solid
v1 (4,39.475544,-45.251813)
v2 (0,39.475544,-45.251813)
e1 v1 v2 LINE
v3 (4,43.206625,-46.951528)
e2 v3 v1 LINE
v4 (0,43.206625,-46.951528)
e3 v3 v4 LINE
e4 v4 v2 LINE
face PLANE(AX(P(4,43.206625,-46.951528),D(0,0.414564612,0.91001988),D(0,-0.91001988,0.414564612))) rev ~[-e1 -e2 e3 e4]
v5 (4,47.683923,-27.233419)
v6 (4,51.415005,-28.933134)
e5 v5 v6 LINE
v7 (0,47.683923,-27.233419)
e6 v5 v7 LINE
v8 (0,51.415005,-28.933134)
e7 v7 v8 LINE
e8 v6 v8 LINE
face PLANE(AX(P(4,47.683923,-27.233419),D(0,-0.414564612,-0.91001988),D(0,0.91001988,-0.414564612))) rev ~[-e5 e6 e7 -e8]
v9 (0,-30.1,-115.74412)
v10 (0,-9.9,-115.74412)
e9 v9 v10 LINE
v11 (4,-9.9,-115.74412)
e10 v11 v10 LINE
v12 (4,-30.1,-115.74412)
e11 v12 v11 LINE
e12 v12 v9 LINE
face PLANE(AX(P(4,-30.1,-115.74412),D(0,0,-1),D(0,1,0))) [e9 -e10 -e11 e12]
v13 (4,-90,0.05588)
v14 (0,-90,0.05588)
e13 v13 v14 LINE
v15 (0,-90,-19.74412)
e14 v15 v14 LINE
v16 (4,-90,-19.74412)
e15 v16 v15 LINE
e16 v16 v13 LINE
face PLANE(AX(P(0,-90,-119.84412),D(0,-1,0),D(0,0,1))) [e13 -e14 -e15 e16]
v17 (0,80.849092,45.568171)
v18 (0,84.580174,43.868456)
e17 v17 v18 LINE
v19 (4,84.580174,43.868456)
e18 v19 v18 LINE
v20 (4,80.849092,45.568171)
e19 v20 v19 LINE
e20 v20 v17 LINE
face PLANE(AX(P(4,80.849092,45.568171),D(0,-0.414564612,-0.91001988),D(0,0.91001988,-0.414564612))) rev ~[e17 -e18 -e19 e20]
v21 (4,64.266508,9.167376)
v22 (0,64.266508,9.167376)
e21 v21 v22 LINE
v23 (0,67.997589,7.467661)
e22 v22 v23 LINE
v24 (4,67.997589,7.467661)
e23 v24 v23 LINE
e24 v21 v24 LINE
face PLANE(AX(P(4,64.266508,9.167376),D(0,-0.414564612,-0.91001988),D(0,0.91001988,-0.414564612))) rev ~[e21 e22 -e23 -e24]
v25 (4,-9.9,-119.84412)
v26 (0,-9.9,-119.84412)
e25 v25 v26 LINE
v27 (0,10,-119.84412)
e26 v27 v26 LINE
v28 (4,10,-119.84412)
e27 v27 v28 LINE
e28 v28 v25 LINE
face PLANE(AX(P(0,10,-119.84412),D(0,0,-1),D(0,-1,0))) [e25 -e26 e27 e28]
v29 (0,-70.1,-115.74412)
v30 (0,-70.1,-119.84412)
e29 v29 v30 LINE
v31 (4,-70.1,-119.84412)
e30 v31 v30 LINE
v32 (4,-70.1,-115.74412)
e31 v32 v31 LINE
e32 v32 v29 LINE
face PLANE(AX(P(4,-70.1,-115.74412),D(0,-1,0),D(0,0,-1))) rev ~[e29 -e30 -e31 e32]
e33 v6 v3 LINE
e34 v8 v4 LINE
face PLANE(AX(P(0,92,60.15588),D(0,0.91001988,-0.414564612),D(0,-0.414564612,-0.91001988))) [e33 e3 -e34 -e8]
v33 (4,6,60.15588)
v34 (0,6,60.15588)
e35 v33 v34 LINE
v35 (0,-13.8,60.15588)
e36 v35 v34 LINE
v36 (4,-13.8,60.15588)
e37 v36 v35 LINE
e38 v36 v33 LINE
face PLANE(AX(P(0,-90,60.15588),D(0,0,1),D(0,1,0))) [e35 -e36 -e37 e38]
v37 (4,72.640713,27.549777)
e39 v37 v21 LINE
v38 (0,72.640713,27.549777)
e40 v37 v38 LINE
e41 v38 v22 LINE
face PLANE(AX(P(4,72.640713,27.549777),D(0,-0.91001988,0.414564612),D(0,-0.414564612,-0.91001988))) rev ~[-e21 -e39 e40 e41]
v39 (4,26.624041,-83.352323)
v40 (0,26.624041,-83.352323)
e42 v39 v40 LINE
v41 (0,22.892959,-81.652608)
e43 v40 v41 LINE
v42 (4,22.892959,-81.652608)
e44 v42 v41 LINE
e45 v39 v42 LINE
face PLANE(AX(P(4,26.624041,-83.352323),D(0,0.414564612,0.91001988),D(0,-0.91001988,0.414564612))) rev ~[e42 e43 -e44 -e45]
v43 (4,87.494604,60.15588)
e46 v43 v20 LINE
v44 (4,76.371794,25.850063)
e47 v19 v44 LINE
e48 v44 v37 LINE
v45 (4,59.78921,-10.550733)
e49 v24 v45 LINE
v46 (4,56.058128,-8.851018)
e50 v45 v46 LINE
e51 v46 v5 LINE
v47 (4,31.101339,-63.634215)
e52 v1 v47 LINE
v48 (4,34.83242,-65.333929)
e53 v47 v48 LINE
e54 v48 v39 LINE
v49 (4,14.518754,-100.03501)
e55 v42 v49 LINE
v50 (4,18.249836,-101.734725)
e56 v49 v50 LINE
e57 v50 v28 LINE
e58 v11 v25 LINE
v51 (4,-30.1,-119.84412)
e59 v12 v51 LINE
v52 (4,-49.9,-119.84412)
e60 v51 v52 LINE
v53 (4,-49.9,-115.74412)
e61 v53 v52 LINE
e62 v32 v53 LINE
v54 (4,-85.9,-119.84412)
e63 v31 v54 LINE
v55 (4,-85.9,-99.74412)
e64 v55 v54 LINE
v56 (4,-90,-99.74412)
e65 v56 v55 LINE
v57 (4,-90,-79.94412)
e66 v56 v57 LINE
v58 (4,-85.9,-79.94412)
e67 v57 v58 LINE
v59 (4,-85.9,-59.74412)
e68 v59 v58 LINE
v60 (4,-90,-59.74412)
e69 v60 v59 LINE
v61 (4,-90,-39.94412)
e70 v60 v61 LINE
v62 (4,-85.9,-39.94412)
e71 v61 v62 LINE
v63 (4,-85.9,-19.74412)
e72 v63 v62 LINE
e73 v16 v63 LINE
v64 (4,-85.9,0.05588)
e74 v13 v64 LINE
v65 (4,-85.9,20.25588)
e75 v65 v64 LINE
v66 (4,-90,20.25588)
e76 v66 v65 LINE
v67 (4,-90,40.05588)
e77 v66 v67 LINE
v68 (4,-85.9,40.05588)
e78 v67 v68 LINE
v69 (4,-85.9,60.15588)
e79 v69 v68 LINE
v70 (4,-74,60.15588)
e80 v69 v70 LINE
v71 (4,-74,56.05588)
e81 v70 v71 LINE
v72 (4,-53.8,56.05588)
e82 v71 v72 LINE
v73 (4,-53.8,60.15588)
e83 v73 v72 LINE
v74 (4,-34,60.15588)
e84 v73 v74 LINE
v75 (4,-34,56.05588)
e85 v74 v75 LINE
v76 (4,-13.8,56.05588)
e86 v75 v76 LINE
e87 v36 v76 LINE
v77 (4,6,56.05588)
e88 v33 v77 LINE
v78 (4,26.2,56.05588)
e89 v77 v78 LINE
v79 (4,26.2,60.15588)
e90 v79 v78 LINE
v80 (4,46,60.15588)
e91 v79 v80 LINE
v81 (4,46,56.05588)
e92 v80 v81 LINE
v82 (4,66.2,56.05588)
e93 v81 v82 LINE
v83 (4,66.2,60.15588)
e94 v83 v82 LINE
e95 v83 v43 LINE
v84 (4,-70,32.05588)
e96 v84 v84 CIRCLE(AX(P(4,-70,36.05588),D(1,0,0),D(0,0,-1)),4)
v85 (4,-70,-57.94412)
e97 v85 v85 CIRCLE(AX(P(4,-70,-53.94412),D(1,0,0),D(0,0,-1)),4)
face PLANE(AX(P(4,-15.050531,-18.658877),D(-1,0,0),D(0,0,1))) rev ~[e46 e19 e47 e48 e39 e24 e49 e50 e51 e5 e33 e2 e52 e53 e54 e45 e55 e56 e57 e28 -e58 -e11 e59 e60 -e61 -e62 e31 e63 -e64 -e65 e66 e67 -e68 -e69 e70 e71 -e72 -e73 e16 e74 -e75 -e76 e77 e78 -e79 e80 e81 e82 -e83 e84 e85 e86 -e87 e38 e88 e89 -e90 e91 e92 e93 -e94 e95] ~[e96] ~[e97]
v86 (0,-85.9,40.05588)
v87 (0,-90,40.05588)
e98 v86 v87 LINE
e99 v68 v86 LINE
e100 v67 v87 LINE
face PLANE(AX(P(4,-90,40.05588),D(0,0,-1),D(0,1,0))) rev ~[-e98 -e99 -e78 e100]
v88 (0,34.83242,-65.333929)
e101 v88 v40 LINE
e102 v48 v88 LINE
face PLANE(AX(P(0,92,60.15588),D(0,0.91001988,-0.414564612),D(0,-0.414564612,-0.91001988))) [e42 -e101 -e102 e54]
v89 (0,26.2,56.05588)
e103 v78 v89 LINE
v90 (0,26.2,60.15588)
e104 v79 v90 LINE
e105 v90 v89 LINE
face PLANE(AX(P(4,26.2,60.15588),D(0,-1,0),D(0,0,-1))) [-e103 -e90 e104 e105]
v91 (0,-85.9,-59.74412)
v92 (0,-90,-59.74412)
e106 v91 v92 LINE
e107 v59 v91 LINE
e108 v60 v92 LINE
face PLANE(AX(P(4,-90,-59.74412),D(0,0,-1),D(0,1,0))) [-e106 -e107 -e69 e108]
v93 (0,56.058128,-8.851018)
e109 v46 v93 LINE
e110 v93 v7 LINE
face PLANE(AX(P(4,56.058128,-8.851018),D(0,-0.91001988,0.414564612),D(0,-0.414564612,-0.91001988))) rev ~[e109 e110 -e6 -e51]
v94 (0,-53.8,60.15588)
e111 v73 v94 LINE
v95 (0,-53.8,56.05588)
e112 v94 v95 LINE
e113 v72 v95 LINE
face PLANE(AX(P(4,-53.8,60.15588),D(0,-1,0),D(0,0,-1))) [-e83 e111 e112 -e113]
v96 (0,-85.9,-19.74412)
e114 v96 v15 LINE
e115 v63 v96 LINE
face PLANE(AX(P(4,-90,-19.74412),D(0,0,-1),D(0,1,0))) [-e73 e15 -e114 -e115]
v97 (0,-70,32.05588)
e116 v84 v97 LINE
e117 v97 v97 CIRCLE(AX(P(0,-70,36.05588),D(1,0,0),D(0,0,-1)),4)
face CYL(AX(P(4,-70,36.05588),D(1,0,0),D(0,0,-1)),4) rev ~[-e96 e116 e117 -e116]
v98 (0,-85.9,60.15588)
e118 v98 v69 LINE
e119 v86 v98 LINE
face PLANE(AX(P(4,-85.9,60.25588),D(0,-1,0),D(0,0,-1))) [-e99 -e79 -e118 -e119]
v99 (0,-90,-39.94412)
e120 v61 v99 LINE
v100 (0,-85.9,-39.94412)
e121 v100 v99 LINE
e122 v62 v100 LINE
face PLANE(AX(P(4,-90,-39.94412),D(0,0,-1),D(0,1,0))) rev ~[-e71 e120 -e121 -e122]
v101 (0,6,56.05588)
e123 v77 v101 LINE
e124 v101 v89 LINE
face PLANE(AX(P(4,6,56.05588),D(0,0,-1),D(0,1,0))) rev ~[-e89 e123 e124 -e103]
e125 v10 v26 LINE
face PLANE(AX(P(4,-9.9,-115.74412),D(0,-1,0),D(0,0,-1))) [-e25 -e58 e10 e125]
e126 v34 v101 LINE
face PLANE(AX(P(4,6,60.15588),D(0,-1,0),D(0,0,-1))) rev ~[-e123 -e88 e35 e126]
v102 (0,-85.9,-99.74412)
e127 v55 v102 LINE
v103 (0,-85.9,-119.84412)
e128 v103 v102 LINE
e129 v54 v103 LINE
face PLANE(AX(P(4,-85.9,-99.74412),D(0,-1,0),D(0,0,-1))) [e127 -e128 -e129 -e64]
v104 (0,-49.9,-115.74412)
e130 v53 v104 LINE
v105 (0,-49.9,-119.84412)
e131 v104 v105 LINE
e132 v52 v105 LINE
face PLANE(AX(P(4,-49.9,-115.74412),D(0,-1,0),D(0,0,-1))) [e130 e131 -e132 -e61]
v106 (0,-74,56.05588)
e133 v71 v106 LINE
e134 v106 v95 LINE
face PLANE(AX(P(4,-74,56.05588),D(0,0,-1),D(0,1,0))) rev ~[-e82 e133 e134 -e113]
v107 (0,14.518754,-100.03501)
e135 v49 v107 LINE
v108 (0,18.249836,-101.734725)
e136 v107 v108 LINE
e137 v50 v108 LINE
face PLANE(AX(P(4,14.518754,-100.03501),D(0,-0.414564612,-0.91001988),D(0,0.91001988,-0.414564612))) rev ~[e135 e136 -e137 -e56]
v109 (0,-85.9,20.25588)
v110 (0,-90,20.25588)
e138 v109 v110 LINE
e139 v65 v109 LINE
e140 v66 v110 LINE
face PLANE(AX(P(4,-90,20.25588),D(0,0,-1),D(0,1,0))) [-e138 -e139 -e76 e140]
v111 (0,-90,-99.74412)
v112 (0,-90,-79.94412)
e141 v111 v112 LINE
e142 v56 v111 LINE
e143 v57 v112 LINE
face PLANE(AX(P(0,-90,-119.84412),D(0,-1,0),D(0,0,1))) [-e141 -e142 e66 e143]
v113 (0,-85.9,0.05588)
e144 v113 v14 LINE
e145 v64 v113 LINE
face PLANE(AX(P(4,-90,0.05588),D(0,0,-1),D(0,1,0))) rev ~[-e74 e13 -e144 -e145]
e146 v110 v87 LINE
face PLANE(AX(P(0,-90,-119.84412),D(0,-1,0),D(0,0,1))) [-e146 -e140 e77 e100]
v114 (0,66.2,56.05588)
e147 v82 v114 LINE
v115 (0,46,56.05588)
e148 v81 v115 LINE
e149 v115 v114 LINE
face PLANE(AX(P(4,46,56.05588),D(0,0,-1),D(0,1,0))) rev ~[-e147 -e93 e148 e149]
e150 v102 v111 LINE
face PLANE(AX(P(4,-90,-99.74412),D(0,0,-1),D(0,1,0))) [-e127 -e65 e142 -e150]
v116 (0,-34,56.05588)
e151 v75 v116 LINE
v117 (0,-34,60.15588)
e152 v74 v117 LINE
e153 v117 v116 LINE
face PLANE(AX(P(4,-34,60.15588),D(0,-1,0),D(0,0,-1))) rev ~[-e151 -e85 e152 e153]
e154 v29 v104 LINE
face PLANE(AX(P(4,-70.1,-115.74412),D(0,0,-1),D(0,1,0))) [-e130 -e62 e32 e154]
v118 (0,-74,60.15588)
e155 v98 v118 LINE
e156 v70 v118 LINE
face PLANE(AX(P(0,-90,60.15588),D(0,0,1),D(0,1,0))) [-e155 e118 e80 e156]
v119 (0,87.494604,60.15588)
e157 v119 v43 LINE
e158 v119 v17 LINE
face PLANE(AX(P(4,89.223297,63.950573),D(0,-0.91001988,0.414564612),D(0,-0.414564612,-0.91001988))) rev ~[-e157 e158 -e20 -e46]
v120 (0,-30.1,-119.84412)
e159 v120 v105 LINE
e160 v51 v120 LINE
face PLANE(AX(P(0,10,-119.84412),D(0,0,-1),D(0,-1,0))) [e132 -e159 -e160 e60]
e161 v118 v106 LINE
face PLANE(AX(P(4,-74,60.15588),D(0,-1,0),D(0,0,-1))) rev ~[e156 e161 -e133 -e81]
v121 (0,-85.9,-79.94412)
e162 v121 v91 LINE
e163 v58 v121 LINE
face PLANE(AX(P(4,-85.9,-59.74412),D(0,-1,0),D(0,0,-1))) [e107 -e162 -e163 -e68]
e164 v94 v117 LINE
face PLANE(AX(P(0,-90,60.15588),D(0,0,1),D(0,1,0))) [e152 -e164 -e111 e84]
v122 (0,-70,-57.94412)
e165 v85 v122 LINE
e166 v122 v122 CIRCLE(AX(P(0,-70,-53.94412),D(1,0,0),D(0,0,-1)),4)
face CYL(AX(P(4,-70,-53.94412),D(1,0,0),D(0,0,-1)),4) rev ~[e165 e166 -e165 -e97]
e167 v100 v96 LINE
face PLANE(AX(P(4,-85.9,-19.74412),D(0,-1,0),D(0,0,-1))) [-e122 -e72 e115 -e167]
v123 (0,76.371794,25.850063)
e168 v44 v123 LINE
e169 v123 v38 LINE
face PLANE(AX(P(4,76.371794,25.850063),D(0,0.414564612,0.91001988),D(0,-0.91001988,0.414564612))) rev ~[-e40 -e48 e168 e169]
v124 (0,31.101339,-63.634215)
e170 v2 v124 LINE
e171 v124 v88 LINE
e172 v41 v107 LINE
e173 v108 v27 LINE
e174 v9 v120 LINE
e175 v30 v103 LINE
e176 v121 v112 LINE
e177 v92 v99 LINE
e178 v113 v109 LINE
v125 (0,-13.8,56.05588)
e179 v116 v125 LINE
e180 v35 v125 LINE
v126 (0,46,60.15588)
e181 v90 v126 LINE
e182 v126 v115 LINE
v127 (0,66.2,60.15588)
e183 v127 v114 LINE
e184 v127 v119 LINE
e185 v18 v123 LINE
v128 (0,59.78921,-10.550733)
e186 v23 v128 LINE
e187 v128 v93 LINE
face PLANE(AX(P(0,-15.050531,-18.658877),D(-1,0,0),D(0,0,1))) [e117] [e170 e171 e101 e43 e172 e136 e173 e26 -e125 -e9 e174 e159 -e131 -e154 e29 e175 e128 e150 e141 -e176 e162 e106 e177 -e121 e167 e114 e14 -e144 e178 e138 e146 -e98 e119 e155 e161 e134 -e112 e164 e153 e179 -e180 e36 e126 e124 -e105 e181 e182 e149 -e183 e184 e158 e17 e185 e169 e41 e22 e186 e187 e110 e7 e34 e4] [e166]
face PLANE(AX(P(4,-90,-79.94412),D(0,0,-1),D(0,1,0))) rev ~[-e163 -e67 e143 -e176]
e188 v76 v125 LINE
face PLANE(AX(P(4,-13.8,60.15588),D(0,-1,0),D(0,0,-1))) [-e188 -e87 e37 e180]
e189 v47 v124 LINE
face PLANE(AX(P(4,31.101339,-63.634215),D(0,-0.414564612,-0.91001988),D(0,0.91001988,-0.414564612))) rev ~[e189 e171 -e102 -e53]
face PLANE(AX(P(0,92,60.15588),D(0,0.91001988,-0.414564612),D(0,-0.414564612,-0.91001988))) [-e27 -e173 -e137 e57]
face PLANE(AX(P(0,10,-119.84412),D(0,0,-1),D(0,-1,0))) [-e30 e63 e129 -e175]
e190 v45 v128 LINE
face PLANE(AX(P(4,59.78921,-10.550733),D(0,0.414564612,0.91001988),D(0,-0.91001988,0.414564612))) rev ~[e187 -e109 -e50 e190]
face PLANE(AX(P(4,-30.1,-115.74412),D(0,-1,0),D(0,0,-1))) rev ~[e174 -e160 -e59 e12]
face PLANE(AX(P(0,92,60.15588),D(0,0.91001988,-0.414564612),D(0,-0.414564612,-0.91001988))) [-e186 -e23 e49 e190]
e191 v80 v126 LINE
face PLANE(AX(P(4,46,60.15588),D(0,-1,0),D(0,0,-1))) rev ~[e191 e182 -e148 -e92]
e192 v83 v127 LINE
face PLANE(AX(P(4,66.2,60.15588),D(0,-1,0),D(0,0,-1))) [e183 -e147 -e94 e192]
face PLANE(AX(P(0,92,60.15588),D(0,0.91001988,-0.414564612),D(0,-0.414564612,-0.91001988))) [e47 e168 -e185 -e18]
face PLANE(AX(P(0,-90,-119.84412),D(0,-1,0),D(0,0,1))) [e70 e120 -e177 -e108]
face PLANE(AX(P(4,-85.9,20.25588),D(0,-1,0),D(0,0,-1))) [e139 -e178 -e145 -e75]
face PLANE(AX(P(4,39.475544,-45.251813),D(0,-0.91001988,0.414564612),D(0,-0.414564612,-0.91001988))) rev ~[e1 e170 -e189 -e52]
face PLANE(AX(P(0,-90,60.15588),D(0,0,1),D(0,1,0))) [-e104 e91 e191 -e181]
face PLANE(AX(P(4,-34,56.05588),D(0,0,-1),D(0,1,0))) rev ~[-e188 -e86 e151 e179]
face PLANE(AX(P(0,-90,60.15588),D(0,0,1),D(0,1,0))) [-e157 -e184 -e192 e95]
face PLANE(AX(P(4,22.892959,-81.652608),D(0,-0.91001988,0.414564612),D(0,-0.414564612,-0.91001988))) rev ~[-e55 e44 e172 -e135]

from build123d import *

# Parameters (mm, degrees)
BOSS_EXTRUDE1_DEPTH = 4
SKETCH2_W           = 20.2
SKETCH2_H           = 4.1
CUT_EXTRUDE1_DEPTH  = 5
LPATTERN1_COUNT     = 6
LPATTERN1_PITCH     = 40
SKETCH3_W           = 4.1
SKETCH3_H           = 20.2
CUT_EXTRUDE2_DEPTH  = 4
LPATTERN2_COUNT     = 4
LPATTERN2_PITCH     = 40
SKETCH4_W           = 4.1
SKETCH4_H           = 20.2
CUT_EXTRUDE3_DEPTH  = 4
LPATTERN3_COUNT     = 2
LPATTERN3_PITCH     = 40
CUT_EXTRUDE4_DEPTH  = 4
LPATTERN4_COUNT     = 6
LPATTERN4_PITCH     = 40
SKETCH6_R           = 4
CUT_EXTRUDE5_DEPTH  = 5


with BuildPart() as part:
    # Sketch1 → Boss-Extrude1 (new body)
    with BuildSketch(Plane(origin=(0, 0, 0), x_dir=(0, 0, -1), z_dir=(1, 0, 0))):
        Polygon((-60.155879739, 92), (119.844120261, 10), (119.844120261, -90), (-60.155879739, -90), align=None)
    extrude(amount=BOSS_EXTRUDE1_DEPTH)

    # Sketch2 → Cut-Extrude1 (cut, through all)
    with BuildSketch(Plane(origin=(4, 0, 0), x_dir=(0, 0, -1), z_dir=(1, 0, 0))):
        with Locations((-50.155879739, -87.95)):
            Rectangle(SKETCH2_W, SKETCH2_H)
    cut_extrude1 = extrude(amount=-CUT_EXTRUDE1_DEPTH, mode=Mode.SUBTRACT)

    # LPattern1: Cut-Extrude1 ×6
    with Locations(*[(0, 0, -i * LPATTERN1_PITCH) for i in range(1, LPATTERN1_COUNT)]):
        add(cut_extrude1, mode=Mode.SUBTRACT)

    # Sketch3 → Cut-Extrude2 (cut)
    with BuildSketch(Plane(origin=(4, 0, 0), x_dir=(0, 0, -1), z_dir=(1, 0, 0))):
        with Locations((-58.105879739, -63.9)):
            Rectangle(SKETCH3_W, SKETCH3_H)
    cut_extrude2 = extrude(amount=-CUT_EXTRUDE2_DEPTH, mode=Mode.SUBTRACT)

    # LPattern2: Cut-Extrude2 ×4
    with Locations(*[(0, i * LPATTERN2_PITCH, 0) for i in range(1, LPATTERN2_COUNT)]):
        add(cut_extrude2, mode=Mode.SUBTRACT)

    # Sketch4 → Cut-Extrude3 (cut)
    with BuildSketch(Plane(origin=(4, 0, 0), x_dir=(0, 0, -1), z_dir=(1, 0, 0))):
        with Locations((117.794120261, -60)):
            Rectangle(SKETCH4_W, SKETCH4_H)
    cut_extrude3 = extrude(amount=-CUT_EXTRUDE3_DEPTH, mode=Mode.SUBTRACT)

    # LPattern3: Cut-Extrude3 ×2
    with Locations(*[(0, i * LPATTERN3_PITCH, 0) for i in range(1, LPATTERN3_COUNT)]):
        add(cut_extrude3, mode=Mode.SUBTRACT)

    # Sketch5 → Cut-Extrude4 (cut)
    with BuildSketch(Plane(origin=(4, 0, 0), x_dir=(0, 0, -1), z_dir=(1, 0, 0))):
        Polygon((101.734724645, 18.249835781), (83.352323065, 26.624040945), (81.652608155, 22.892959436), (100.035009735, 14.518754272), align=None)
    cut_extrude4 = extrude(amount=-CUT_EXTRUDE4_DEPTH, mode=Mode.SUBTRACT)

    # LPattern4: Cut-Extrude4 ×6
    with Locations(*[Vector(0, 0.414564612, 0.91001988) * (i * LPATTERN4_PITCH) for i in range(1, LPATTERN4_COUNT)]):
        add(cut_extrude4, mode=Mode.SUBTRACT)

    # Sketch6 → Cut-Extrude5 (cut, through all)
    with BuildSketch(Plane(origin=(4, 0, 0), x_dir=(0, 0, -1), z_dir=(1, 0, 0))):
        with Locations((-36.055879739, -70)):
            Circle(SKETCH6_R)
        with Locations((53.944120261, -70)):
            Circle(SKETCH6_R)
    extrude(amount=-CUT_EXTRUDE5_DEPTH, mode=Mode.SUBTRACT)


solid = part.part
